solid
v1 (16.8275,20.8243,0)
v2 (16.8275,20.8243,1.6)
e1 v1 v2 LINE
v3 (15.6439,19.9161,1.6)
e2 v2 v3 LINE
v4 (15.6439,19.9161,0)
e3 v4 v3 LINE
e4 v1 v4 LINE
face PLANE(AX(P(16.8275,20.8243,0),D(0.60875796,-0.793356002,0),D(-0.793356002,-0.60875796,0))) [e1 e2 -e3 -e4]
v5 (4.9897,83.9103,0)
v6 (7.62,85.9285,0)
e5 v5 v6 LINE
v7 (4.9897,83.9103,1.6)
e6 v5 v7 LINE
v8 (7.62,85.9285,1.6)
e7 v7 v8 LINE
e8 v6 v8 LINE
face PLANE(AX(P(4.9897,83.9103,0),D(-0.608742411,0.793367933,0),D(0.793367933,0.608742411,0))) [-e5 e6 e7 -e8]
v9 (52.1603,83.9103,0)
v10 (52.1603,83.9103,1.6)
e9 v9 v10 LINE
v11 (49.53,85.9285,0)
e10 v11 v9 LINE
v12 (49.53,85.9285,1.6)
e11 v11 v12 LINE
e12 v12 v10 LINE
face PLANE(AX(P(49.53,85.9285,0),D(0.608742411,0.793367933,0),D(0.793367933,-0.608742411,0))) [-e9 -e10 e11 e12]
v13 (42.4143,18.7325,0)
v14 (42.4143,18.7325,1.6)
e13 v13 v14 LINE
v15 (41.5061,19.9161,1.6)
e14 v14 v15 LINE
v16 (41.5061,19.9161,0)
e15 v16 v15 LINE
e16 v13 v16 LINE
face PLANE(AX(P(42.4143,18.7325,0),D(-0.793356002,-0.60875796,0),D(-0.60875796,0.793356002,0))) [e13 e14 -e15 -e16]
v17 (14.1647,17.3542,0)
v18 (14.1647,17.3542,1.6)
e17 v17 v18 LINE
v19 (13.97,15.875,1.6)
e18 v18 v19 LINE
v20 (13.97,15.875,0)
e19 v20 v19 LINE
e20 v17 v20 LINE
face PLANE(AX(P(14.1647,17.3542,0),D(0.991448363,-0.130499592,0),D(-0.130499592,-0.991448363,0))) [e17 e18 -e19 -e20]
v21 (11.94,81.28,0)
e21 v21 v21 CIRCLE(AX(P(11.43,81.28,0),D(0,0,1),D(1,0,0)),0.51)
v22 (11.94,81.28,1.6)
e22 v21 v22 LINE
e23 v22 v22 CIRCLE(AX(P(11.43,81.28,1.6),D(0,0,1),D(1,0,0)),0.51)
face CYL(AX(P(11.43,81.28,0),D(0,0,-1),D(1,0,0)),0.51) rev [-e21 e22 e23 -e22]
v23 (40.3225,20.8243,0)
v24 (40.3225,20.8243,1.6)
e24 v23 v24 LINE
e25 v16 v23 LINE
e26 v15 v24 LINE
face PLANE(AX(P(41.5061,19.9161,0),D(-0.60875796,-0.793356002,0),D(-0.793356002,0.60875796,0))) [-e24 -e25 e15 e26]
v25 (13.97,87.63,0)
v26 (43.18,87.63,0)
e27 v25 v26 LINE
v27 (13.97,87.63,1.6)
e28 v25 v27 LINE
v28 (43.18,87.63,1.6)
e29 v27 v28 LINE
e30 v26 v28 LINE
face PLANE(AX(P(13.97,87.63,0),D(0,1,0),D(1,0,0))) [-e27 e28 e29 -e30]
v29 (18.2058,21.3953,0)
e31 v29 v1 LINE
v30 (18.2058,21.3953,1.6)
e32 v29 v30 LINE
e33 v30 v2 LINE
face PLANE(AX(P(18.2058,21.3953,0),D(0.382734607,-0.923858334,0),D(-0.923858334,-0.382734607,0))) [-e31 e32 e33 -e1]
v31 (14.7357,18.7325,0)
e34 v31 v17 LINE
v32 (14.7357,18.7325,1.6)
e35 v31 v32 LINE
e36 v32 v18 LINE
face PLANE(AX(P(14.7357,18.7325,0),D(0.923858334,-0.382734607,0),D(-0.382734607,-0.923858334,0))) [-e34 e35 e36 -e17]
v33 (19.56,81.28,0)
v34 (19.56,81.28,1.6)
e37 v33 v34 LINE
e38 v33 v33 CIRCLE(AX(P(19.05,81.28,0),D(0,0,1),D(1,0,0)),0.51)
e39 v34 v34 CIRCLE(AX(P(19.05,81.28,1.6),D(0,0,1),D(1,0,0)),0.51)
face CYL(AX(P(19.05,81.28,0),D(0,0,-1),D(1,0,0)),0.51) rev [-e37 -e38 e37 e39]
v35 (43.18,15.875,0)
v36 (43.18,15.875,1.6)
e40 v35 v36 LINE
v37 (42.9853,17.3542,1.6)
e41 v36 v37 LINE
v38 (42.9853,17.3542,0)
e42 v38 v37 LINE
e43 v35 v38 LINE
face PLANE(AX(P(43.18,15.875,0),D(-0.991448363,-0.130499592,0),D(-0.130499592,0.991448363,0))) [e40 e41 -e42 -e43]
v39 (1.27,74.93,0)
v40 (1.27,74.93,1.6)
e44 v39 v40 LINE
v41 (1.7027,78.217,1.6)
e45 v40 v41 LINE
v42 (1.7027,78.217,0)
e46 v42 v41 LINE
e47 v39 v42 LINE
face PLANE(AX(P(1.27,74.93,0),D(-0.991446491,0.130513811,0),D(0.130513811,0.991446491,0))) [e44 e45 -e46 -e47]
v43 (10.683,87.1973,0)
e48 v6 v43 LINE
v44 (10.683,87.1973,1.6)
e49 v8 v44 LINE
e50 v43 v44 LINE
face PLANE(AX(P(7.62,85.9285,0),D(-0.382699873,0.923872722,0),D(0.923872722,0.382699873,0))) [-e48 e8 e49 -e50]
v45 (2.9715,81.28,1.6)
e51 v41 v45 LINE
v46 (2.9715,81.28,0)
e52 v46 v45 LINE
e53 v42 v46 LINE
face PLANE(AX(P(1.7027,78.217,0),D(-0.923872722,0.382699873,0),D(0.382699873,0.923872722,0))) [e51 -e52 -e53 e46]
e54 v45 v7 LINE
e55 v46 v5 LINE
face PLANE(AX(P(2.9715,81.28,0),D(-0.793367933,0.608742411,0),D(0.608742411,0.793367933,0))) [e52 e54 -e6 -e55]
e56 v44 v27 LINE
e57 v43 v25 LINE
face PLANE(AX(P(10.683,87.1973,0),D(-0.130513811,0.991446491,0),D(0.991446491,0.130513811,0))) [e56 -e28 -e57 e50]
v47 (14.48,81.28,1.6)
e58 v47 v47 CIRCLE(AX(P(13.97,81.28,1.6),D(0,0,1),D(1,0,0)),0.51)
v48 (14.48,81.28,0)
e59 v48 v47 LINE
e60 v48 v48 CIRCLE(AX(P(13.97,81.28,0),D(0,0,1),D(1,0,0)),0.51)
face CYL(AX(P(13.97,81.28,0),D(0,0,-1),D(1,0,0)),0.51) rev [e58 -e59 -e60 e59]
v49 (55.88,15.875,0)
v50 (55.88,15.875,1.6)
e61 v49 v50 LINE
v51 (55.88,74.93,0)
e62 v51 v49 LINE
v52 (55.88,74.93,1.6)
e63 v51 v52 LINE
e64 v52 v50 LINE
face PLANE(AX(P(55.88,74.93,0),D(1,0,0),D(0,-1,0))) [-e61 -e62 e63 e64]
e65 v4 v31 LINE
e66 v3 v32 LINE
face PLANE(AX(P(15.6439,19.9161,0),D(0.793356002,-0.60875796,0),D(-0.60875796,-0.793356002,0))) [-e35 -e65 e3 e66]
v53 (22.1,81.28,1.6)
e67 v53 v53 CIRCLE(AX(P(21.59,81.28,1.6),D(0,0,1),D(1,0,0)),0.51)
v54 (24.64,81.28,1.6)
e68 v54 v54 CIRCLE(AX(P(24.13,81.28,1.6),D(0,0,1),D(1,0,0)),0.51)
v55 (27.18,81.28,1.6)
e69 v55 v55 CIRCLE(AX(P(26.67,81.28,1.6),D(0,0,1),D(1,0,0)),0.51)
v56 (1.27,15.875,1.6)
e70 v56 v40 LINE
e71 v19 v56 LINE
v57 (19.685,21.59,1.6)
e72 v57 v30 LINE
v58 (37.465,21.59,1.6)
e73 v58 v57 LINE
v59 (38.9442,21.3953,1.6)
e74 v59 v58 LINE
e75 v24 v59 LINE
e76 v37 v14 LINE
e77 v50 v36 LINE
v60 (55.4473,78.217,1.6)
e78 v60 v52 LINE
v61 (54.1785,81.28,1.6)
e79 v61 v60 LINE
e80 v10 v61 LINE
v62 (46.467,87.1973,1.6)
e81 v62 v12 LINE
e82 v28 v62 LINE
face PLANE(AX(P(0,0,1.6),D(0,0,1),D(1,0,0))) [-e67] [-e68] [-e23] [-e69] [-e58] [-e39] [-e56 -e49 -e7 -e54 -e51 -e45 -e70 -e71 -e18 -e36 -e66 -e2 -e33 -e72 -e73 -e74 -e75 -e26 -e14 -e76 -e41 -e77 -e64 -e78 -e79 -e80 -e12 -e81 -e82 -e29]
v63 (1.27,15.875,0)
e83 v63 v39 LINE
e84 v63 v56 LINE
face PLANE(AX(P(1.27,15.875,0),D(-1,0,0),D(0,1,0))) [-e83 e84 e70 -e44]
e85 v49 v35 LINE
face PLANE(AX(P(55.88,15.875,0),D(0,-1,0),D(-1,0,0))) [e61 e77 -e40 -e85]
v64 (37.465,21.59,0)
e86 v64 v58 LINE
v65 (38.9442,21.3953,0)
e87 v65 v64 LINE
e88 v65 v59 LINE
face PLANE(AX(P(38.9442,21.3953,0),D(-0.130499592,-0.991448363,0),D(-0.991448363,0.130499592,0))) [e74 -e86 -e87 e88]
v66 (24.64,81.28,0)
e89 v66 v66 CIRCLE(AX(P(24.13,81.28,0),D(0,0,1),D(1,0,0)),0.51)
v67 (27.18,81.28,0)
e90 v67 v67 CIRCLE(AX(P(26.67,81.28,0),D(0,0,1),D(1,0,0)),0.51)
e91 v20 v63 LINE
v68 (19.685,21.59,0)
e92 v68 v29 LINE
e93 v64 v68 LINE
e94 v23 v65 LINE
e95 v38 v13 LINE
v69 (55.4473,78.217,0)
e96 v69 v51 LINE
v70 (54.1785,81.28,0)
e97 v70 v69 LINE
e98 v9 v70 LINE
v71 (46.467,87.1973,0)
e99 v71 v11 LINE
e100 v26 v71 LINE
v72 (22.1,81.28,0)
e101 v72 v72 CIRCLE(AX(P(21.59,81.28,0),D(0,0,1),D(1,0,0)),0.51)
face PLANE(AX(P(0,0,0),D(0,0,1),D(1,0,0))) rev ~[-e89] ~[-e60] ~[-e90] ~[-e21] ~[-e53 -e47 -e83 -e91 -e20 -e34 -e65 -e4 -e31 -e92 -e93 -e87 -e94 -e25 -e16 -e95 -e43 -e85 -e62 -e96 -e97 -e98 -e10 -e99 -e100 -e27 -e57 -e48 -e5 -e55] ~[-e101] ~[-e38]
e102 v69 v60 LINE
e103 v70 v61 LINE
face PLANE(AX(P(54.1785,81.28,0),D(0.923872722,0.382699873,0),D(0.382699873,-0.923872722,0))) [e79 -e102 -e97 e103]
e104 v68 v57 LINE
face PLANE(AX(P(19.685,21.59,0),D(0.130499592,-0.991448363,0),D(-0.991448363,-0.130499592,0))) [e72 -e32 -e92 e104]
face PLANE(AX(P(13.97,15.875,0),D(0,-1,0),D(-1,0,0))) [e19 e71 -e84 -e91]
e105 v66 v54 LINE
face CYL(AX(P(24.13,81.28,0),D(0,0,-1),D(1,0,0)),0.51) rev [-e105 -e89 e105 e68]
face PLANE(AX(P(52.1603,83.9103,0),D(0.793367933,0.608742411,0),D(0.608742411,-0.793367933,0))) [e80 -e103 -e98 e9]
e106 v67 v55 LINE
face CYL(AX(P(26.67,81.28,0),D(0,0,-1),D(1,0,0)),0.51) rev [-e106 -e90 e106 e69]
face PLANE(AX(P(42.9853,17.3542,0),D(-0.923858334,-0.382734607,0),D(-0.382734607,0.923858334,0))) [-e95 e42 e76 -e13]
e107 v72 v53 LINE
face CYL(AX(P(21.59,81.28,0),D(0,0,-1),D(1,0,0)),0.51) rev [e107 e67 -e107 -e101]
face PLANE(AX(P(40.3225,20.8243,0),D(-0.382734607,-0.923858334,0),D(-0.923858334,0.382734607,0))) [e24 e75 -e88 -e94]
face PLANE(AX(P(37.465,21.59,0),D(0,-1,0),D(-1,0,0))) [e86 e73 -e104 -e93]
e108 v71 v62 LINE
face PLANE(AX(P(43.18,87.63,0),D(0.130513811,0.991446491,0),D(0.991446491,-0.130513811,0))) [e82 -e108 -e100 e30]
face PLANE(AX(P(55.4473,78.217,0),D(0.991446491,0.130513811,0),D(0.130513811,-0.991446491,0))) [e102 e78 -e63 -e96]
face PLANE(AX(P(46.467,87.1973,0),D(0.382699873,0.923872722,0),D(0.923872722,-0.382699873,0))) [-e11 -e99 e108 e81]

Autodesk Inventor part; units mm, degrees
ref_plane "YZ Plane" through (0, 0, 0) normal (1, 0, 0) x (0, 1, 0)
ref_plane "XZ Plane" through (0, 0, 0) normal (0, 1, 0) x (-1, 0, 0)
ref_plane "XY Plane" through (0, 0, 0) normal (0, 0, 1) x (1, 0, 0)
sketch "Sketch1" plane through (0, 0, 0) normal (0, 0, 1) x (1, 0, 0)
  line L0 (55.88, 74.93) -> (55.88, 15.875)
  line L1 (55.88, 15.875) -> (43.18, 15.875)
  line L2 (43.18, 15.875) -> (42.9853, 17.3542)
  line L3 (42.9853, 17.3542) -> (42.4143, 18.7325)
  line L4 (42.4143, 18.7325) -> (41.5061, 19.9161)
  line L5 (41.5061, 19.9161) -> (40.3225, 20.8243)
  line L6 (40.3225, 20.8243) -> (38.9442, 21.3953)
  line L7 (38.9442, 21.3953) -> (37.465, 21.59)
  line L8 (37.465, 21.59) -> (19.685, 21.59)
  line L9 (19.685, 21.59) -> (18.2058, 21.3953)
  line L10 (18.2058, 21.3953) -> (16.8275, 20.8243)
  line L11 (16.8275, 20.8243) -> (15.6439, 19.9161)
  line L12 (15.6439, 19.9161) -> (14.7357, 18.7325)
  line L13 (14.7357, 18.7325) -> (14.1647, 17.3542)
  line L14 (14.1647, 17.3542) -> (13.97, 15.875)
  line L15 (13.97, 15.875) -> (1.27, 15.875)
  line L16 (1.27, 15.875) -> (1.27, 74.93)
  line L17 (1.27, 74.93) -> (1.7027, 78.217)
  line L18 (1.7027, 78.217) -> (2.9715, 81.28)
  line L19 (2.9715, 81.28) -> (4.9897, 83.9103)
  line L20 (4.9897, 83.9103) -> (7.62, 85.9285)
  line L21 (7.62, 85.9285) -> (10.683, 87.1973)
  line L22 (10.683, 87.1973) -> (13.97, 87.63)
  line L23 (13.97, 87.63) -> (43.18, 87.63)
  line L24 (43.18, 87.63) -> (46.467, 87.1973)
  line L25 (46.467, 87.1973) -> (49.53, 85.9285)
  line L26 (49.53, 85.9285) -> (52.1603, 83.9103)
  line L27 (52.1603, 83.9103) -> (54.1785, 81.28)
  line L28 (54.1785, 81.28) -> (55.4473, 78.217)
  line L29 (55.4473, 78.217) -> (55.88, 74.93)
  circle A0 centre (11.43, 81.28) radius 0.51
  circle A1 centre (13.97, 81.28) radius 0.51
  circle A2 centre (19.05, 81.28) radius 0.51
  circle A3 centre (21.59, 81.28) radius 0.51
  circle A4 centre (24.13, 81.28) radius 0.51
  circle A5 centre (26.67, 81.28) radius 0.51
extrude "untitled.brd_Outline" add sketch "Sketch1" along normal blind 1.6
properties part number "untitled.brd_Outline"
